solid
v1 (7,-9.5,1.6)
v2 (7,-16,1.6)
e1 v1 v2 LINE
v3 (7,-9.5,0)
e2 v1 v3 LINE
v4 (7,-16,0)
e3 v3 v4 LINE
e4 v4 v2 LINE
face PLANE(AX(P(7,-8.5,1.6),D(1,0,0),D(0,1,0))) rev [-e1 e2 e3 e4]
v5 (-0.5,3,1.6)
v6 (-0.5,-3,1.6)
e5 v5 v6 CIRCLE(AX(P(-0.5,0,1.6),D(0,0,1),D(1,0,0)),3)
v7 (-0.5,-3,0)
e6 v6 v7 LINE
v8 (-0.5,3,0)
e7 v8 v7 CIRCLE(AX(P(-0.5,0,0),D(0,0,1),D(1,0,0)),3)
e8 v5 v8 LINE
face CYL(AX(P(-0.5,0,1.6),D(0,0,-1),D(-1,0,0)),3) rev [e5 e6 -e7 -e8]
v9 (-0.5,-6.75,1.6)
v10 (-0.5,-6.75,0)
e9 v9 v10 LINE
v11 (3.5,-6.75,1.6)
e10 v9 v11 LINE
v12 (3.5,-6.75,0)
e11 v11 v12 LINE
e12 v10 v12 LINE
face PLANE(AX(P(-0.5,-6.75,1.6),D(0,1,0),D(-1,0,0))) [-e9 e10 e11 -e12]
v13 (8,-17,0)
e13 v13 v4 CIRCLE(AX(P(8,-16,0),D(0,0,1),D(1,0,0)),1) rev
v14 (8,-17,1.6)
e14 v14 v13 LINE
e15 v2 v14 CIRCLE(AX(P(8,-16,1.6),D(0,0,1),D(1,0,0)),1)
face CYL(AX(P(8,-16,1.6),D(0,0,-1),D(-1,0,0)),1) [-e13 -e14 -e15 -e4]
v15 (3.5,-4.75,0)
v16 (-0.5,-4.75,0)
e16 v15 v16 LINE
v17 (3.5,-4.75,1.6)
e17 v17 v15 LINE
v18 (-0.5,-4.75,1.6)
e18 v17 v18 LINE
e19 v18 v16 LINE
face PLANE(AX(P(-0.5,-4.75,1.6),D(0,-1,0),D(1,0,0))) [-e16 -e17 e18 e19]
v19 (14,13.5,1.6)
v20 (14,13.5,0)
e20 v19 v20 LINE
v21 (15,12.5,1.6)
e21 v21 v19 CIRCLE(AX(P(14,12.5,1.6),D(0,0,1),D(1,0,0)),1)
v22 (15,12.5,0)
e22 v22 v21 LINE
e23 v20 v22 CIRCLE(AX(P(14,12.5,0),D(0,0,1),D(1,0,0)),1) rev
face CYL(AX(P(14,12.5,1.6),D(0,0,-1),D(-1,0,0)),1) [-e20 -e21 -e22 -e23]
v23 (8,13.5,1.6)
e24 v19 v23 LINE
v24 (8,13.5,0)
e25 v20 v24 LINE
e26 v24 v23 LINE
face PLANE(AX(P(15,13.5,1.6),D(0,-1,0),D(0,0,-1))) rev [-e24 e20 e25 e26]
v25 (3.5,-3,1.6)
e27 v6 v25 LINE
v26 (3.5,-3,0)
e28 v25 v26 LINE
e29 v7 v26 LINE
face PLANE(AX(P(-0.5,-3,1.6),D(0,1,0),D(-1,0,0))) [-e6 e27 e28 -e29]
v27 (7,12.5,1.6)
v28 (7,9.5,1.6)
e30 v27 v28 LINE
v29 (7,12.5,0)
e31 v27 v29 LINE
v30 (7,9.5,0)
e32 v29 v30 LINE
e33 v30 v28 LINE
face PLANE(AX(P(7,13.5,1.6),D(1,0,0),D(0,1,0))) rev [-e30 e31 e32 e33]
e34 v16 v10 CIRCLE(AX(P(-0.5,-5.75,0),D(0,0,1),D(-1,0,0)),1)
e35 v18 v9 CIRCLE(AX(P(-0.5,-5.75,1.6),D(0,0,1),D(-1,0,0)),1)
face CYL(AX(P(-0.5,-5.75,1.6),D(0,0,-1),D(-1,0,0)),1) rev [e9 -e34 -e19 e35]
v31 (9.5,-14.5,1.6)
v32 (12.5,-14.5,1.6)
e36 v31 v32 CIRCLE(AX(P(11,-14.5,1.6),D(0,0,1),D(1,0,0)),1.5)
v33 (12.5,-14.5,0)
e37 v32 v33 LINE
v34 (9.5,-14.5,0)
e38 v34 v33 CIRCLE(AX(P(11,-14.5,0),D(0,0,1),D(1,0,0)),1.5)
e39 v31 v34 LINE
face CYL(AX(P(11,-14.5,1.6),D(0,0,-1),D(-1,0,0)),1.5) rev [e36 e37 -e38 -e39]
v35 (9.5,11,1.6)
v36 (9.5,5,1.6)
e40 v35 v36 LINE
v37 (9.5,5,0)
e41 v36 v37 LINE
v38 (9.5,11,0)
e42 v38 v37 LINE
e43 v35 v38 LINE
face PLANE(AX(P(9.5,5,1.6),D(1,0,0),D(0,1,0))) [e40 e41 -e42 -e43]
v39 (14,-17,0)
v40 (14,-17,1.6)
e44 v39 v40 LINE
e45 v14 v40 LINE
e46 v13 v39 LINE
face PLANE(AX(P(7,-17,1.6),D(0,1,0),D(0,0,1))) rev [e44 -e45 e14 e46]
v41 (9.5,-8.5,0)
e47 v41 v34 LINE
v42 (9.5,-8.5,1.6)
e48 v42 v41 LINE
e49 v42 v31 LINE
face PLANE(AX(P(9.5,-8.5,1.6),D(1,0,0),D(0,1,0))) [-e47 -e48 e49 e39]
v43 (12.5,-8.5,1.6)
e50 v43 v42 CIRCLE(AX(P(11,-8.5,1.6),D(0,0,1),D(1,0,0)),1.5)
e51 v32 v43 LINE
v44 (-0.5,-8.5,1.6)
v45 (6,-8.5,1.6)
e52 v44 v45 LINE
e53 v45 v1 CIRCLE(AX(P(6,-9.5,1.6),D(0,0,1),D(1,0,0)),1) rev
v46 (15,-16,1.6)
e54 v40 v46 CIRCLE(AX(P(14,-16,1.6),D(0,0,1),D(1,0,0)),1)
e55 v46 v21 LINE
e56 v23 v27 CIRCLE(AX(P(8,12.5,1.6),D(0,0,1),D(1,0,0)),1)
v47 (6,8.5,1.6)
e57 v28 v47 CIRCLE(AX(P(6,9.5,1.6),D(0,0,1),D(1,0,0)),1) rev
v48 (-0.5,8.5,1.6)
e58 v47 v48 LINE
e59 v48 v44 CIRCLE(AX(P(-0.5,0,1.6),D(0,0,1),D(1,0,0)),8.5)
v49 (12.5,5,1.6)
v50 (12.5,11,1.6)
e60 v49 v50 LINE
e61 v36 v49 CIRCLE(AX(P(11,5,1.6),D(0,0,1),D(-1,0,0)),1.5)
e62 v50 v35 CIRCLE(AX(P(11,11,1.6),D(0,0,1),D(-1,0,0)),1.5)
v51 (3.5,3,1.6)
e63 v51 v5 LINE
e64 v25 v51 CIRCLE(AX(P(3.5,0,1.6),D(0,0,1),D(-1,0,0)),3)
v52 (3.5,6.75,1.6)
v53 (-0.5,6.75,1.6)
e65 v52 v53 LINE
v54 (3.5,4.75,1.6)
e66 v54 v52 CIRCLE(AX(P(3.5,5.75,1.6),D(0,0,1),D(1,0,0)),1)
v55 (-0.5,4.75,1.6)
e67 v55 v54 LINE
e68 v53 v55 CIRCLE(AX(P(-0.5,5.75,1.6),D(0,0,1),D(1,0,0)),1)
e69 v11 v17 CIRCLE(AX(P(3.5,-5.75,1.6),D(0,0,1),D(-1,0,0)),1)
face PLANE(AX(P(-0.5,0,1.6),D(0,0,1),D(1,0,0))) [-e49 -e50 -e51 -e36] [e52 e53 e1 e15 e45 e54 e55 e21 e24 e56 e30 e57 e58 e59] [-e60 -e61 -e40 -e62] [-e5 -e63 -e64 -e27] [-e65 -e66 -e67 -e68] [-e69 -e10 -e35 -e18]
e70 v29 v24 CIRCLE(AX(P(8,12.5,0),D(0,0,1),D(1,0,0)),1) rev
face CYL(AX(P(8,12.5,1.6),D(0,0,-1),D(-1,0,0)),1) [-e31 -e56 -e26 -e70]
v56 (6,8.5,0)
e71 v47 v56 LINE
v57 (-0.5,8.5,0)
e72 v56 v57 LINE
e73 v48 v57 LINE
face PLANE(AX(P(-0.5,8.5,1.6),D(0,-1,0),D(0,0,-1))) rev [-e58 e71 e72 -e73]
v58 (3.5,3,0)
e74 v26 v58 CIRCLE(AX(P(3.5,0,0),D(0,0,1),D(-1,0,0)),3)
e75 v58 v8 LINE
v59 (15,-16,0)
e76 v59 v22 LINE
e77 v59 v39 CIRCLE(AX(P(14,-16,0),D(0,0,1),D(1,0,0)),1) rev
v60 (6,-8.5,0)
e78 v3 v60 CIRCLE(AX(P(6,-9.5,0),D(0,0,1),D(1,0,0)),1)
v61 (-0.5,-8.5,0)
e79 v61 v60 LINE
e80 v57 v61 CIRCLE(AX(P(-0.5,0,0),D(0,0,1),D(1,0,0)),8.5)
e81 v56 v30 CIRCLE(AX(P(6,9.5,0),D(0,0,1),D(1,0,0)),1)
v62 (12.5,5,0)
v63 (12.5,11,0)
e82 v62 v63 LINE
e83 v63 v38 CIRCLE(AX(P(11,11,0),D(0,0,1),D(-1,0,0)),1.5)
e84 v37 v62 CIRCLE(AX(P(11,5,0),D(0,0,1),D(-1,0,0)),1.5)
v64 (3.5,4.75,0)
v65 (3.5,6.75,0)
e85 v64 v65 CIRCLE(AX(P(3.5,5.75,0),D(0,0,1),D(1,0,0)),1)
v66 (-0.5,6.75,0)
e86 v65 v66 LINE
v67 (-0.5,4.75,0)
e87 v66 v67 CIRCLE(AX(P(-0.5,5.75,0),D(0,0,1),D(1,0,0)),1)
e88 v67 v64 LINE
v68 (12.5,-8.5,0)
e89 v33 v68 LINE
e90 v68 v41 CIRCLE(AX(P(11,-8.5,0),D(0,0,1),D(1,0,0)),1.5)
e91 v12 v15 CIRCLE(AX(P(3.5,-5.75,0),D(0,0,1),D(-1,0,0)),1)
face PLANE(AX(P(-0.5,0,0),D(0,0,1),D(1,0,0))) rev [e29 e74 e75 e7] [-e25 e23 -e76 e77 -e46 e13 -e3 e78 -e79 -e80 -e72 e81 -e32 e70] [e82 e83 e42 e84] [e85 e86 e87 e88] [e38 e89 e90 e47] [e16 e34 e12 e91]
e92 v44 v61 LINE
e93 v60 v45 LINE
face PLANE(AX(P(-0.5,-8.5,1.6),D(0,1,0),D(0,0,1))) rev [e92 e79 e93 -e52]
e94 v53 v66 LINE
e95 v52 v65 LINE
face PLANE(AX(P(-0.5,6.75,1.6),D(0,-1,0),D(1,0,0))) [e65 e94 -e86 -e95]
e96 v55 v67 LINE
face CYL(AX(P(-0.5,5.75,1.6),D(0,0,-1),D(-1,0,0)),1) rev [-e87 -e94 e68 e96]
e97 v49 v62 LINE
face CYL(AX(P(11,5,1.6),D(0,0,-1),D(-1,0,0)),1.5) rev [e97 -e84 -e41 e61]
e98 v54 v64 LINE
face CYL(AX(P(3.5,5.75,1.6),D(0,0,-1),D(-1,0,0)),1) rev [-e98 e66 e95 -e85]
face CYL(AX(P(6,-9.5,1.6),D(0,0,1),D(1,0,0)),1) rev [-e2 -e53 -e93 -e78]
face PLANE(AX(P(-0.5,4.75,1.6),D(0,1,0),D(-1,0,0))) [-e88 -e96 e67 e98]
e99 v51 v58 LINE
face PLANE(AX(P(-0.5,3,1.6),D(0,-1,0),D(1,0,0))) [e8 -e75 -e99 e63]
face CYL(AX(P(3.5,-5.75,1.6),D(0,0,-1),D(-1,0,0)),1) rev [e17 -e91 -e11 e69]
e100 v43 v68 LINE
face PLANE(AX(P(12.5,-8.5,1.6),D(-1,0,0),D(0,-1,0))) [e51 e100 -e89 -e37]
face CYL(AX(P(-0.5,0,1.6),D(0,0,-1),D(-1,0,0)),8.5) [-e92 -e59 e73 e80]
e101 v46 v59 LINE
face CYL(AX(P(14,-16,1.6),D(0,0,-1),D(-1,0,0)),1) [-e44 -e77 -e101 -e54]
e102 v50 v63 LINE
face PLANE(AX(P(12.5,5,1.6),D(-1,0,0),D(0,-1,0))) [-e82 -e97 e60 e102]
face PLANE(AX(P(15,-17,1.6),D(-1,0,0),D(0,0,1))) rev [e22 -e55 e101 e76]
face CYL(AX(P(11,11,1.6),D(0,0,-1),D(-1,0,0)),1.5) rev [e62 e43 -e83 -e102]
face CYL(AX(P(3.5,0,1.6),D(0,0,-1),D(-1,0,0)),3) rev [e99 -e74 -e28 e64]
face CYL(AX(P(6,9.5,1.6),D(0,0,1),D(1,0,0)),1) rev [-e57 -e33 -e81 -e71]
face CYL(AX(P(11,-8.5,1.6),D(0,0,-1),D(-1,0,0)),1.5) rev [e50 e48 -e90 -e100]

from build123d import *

# Parameters (mm, degrees)
EXTRUDE_1_DEPTH = 1.6
FILLET_1_R      = 1


with BuildPart() as part:
    # 草图1 → 凸台-拉伸1 (new body)
    with BuildSketch(Plane.XY):
        with BuildLine():
            Line((-0.5, 8.5), (7, 8.5))
            Line((7, 8.5), (7, 13.5))
            Line((7, 13.5), (15, 13.5))
            Line((15, 13.5), (15, -17))
            Line((15, -17), (7, -17))
            Line((7, -17), (7, -8.5))
            Line((7, -8.5), (-0.5, -8.5))
            ThreePointArc((-0.5, -8.5), (-9, 0), (-0.5, 8.5))
        make_face()
        with BuildLine():
            Line((-0.5, 3), (3.5, 3))
            ThreePointArc((3.5, 3), (6.5, 0), (3.5, -3))
            Line((3.5, -3), (-0.5, -3))
            ThreePointArc((-0.5, -3), (-3.5, 0), (-0.5, 3))
        make_face(mode=Mode.SUBTRACT)
        with BuildLine():
            Line((-0.5, 6.75), (3.5, 6.75))
            ThreePointArc((3.5, 6.75), (4.5, 5.75), (3.5, 4.75))
            Line((3.5, 4.75), (-0.5, 4.75))
            ThreePointArc((-0.5, 4.75), (-1.5, 5.75), (-0.5, 6.75))
        make_face(mode=Mode.SUBTRACT)
        with BuildLine():
            Line((-0.5, -6.75), (3.5, -6.75))
            ThreePointArc((3.5, -6.75), (4.5, -5.75), (3.5, -4.75))
            Line((3.5, -4.75), (-0.5, -4.75))
            ThreePointArc((-0.5, -4.75), (-1.5, -5.75), (-0.5, -6.75))
        make_face(mode=Mode.SUBTRACT)
        with BuildLine():
            Line((12.5, -8.5), (12.5, -14.5))
            ThreePointArc((12.5, -14.5), (11, -16), (9.5, -14.5))
            Line((9.5, -14.5), (9.5, -8.5))
            ThreePointArc((9.5, -8.5), (11, -7), (12.5, -8.5))
        make_face(mode=Mode.SUBTRACT)
        with BuildLine():
            Line((12.5, 5), (12.5, 11))
            ThreePointArc((12.5, 11), (11, 12.5), (9.5, 11))
            Line((9.5, 11), (9.5, 5))
            ThreePointArc((9.5, 5), (11, 3.5), (12.5, 5))
        make_face(mode=Mode.SUBTRACT)
    extrude(amount=EXTRUDE_1_DEPTH)

    # 圆角1
    fillet_1_edges = [part.edges().sort_by_distance(p)[0] for p in [
        (7, 8.5, 0.8),
        (7, 13.5, 0.8),
        (15, 13.5, 0.8),
        (15, -17, 0.8),
        (7, -17, 0.8),
        (7, -8.5, 0.8),
    ]]
    fillet(fillet_1_edges, radius=FILLET_1_R)


solid = part.part
